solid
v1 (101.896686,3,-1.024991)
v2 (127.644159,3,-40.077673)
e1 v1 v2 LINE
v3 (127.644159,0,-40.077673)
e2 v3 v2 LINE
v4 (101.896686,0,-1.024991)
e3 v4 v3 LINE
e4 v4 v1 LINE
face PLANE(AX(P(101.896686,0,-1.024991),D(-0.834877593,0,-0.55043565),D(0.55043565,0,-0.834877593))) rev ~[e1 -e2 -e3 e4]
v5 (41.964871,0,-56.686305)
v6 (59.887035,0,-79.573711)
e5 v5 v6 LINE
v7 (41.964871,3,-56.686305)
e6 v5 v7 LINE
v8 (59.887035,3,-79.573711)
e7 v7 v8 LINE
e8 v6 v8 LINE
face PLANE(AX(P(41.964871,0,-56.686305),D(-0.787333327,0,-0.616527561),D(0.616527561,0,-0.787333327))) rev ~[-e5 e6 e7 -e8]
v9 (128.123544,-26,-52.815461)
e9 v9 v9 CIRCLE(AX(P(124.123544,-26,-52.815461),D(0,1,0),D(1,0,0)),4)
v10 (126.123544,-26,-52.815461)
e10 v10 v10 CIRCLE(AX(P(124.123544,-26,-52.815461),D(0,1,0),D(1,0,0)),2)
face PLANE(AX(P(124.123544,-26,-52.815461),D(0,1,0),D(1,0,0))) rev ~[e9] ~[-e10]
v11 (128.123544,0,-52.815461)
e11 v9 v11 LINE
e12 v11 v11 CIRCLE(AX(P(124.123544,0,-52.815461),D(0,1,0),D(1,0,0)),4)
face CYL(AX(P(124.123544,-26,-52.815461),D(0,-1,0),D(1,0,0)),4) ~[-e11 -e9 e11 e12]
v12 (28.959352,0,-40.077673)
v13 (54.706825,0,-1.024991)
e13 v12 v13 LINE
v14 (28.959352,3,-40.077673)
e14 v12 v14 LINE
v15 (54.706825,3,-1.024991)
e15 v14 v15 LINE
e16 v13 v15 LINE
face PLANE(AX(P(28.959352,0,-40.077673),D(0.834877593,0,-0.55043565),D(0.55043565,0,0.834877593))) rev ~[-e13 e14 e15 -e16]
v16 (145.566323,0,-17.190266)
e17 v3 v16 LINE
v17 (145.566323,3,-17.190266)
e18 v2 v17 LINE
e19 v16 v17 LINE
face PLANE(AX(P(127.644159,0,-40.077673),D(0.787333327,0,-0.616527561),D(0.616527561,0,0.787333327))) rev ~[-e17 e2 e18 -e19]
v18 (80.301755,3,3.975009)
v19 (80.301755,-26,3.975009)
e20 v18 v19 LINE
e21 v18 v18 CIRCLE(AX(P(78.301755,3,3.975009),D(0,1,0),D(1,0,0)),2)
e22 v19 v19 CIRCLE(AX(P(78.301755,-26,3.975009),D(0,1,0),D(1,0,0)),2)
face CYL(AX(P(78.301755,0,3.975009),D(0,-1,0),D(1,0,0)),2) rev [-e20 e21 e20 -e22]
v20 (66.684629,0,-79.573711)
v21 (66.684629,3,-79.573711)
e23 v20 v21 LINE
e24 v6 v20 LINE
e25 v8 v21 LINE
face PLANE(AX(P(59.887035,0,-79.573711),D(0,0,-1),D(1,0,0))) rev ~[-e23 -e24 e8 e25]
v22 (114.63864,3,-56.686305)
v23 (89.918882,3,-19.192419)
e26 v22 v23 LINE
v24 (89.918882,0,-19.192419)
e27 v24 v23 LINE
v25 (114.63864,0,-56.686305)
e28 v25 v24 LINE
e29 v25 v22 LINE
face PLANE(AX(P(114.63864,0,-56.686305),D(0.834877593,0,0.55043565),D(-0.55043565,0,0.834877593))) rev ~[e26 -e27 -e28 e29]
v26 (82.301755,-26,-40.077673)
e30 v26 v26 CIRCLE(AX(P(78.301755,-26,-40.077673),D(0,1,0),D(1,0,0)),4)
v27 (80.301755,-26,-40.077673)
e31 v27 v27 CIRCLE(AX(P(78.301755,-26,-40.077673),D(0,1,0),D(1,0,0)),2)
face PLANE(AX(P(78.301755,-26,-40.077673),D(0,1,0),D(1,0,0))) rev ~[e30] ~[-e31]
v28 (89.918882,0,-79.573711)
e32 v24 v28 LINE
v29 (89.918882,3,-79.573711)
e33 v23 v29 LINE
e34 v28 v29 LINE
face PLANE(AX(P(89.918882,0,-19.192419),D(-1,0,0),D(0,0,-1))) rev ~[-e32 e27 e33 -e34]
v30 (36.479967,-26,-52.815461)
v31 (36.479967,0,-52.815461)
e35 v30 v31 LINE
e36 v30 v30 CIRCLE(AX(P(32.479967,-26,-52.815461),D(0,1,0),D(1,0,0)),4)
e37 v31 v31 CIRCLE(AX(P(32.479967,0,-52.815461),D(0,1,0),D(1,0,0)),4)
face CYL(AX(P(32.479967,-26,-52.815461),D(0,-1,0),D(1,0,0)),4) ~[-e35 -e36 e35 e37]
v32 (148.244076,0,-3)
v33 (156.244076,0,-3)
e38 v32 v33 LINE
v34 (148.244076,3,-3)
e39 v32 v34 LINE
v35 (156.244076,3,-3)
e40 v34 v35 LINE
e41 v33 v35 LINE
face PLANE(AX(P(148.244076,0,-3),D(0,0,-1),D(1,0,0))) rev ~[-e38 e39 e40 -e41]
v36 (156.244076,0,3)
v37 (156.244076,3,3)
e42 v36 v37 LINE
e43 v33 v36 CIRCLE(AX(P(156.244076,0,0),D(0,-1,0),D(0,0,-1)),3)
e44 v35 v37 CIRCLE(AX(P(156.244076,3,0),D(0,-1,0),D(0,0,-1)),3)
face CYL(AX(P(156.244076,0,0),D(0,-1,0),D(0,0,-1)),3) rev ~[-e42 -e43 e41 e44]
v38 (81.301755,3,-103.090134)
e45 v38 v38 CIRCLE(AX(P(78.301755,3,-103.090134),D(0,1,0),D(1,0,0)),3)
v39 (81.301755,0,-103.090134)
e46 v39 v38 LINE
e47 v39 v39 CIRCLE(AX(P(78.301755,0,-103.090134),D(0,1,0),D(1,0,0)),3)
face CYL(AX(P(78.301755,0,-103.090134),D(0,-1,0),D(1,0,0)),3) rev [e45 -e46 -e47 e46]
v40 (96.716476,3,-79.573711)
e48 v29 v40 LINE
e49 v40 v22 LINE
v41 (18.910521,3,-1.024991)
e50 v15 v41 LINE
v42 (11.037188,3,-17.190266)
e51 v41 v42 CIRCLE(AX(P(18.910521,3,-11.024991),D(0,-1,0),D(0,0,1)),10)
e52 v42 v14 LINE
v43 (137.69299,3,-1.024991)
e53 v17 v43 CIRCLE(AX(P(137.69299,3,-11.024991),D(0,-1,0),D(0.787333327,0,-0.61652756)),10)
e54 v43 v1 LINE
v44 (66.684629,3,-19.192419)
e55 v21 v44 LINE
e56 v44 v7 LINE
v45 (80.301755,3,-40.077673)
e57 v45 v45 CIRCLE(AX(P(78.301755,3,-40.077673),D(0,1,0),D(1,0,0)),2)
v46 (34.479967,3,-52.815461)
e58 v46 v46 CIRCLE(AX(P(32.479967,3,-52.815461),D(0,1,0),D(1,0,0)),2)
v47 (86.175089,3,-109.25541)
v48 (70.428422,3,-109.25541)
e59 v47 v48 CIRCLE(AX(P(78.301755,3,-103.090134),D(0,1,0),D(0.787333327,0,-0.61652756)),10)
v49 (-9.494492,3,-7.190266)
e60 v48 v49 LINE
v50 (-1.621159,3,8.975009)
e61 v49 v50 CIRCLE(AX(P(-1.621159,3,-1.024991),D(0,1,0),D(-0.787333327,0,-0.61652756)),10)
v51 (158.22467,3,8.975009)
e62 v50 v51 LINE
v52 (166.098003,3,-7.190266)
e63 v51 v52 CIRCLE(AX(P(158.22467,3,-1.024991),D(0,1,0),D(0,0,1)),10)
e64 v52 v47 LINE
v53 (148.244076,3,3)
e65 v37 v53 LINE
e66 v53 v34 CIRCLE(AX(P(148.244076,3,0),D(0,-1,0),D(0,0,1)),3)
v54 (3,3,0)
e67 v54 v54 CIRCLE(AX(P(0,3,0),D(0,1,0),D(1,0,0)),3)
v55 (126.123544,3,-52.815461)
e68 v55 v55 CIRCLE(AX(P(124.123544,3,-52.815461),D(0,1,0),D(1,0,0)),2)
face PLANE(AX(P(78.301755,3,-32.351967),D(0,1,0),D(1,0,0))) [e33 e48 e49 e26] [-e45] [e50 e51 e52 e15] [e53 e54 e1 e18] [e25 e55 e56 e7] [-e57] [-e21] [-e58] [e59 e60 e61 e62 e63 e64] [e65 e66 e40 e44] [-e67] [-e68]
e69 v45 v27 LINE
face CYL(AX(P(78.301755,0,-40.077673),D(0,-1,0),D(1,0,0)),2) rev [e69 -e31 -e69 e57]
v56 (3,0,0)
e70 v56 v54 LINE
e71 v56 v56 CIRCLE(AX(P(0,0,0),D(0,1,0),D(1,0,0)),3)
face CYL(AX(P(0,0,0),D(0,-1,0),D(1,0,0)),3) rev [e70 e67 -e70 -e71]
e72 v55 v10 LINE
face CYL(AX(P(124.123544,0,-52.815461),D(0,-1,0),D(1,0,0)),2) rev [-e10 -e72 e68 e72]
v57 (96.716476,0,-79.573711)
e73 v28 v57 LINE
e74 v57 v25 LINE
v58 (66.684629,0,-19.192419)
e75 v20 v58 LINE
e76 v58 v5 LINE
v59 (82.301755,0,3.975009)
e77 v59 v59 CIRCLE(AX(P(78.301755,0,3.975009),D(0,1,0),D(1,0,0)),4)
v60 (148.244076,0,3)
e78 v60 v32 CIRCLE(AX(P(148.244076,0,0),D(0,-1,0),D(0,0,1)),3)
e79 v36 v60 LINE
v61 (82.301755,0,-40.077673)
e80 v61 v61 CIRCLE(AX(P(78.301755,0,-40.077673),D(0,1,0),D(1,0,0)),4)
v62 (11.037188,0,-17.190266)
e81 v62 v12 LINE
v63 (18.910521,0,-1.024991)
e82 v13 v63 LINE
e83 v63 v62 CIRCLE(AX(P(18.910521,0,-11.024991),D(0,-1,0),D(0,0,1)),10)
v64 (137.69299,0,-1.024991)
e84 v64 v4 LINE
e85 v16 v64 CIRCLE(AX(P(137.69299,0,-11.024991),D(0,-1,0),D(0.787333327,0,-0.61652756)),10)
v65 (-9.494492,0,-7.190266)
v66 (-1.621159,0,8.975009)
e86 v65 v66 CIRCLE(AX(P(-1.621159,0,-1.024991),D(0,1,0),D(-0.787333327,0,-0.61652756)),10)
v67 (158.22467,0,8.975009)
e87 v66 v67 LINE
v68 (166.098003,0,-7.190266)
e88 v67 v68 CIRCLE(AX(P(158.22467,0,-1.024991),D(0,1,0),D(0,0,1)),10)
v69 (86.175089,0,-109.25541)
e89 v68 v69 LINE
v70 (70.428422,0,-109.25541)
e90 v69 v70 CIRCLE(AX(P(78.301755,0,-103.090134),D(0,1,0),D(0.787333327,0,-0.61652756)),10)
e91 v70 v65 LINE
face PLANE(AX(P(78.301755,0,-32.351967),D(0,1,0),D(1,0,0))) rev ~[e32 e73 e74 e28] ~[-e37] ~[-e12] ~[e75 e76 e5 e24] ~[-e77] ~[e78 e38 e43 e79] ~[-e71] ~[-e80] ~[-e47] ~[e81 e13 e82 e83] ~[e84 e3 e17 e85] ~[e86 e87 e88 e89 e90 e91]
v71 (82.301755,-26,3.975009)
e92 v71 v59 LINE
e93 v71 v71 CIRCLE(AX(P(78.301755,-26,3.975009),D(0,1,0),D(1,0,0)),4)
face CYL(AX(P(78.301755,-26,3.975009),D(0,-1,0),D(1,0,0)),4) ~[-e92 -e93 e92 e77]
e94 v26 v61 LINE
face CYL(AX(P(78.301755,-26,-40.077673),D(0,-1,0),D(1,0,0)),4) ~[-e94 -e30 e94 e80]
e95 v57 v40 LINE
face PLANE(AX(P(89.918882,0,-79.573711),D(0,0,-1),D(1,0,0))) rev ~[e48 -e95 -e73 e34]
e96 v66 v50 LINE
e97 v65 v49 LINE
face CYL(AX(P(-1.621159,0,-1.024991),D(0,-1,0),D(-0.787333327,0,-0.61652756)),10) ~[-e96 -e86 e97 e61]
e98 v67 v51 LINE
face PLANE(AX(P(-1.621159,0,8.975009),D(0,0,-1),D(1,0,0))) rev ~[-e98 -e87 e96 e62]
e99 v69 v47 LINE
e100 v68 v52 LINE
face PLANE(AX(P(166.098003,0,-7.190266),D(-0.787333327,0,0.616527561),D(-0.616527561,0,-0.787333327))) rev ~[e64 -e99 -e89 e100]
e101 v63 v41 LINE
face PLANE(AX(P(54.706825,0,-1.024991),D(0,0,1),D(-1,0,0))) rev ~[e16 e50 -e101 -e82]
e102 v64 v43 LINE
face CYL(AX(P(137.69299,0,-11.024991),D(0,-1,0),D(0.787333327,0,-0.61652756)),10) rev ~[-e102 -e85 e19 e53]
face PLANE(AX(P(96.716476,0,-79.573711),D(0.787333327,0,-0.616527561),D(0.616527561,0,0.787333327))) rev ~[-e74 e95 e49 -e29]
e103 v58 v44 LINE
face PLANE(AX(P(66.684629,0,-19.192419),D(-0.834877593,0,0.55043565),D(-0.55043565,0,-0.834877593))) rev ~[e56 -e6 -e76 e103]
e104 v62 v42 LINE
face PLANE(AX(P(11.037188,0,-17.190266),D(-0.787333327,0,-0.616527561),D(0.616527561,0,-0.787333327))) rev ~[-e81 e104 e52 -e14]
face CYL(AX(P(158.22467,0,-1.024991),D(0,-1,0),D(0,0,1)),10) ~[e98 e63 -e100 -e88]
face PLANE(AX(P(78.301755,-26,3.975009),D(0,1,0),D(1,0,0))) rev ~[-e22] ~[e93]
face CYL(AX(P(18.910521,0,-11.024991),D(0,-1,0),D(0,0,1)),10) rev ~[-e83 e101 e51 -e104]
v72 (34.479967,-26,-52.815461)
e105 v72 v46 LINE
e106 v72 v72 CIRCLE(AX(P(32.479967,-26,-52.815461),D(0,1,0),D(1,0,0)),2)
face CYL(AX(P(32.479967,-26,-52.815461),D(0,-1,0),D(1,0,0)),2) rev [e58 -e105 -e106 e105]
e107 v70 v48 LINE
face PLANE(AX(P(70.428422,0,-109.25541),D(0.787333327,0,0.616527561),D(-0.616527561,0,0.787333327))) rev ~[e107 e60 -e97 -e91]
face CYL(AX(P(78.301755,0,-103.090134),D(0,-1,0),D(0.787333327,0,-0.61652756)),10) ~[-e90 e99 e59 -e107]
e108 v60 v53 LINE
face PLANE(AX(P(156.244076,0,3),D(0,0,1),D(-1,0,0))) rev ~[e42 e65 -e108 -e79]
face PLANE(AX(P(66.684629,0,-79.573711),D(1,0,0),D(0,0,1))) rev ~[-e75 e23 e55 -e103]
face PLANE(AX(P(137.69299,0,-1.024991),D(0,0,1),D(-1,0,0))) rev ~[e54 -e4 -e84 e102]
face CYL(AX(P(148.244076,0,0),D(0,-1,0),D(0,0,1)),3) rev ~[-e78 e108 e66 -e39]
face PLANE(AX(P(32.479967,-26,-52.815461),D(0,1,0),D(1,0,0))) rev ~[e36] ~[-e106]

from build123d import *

# Parameters (mm, degrees)
SKETCH1_R           = 2
SKETCH1_R_2         = 3
BOSS_EXTRUDE1_DEPTH = 3
BOSS_EXTRUDE2_START = -26
SKETCH1_4_R         = 4
SKETCH1_4_R_2       = 2
BOSS_EXTRUDE2_DEPTH = 26


with BuildPart() as part:
    # Sketch1 → Boss-Extrude1 (new body)
    with BuildSketch(Plane(origin=(0, 0, 0), x_dir=(1, 0, 0), z_dir=(0, 1, 0))):
        with BuildLine():
            ThreePointArc((158.22466969, -8.975009298), (167.21501885, -3.353778756), (166.098002955, 7.190266308))
            Line((166.098002955, 7.190266308), (86.175088728, 109.255409789))
            ThreePointArc((86.175088728, 109.255409789), (78.301755463, 113.090134184), (70.428422197, 109.255409789))
            Line((70.428422197, 109.255409789), (-9.49449203, 7.190266308))
            ThreePointArc((-9.49449203, 7.190266308), (-10.611507924, -3.353778756), (-1.621158764, -8.975009298))
            Line((-1.621158764, -8.975009298), (78.301755463, -8.975009298))
            Line((78.301755463, -8.975009298), (158.22466969, -8.975009298))
        make_face()
        with Locations((78.301755463, 40.077672933)):
            Circle(SKETCH1_R, mode=Mode.SUBTRACT)
        Circle(SKETCH1_R_2, mode=Mode.SUBTRACT)
        with BuildLine():
            ThreePointArc((18.910520844, 1.024990702), (9.920171683, 6.646221244), (11.037187578, 17.190266308))
            Line((11.037187578, 17.190266308), (28.959351543, 40.077672933))
            Line((28.959351543, 40.077672933), (54.70682481, 1.024990702))
            Line((54.70682481, 1.024990702), (18.910520844, 1.024990702))
        make_face(mode=Mode.SUBTRACT)
        Polygon((59.887035288, 79.573711202), (66.6846286, 79.573711202), (66.6846286, 19.192418643), (41.964871323, 56.686304577), align=None, mode=Mode.SUBTRACT)
        with BuildLine():
            Line((156.244075902, -3), (148.244075902, -3))
            ThreePointArc((148.244075902, -3), (145.244075902, 0), (148.244075902, 3))
            Line((148.244075902, 3), (156.244075902, 3))
            ThreePointArc((156.244075902, 3), (159.244075902, 0), (156.244075902, -3))
        make_face(mode=Mode.SUBTRACT)
        with BuildLine():
            Line((137.692990082, 1.024990702), (101.896686116, 1.024990702))
            Line((101.896686116, 1.024990702), (127.644159383, 40.077672933))
            Line((127.644159383, 40.077672933), (145.566323348, 17.190266308))
            ThreePointArc((145.566323348, 17.190266308), (146.683339242, 6.646221244), (137.692990082, 1.024990702))
        make_face(mode=Mode.SUBTRACT)
        Polygon((114.638639603, 56.686304577), (89.918882326, 19.192418643), (89.918882326, 79.573711202), (96.716475638, 79.573711202), align=None, mode=Mode.SUBTRACT)
        with Locations((78.301755463, 103.090134184)):
            Circle(SKETCH1_R_2, mode=Mode.SUBTRACT)
        with Locations((78.301755463, -3.975009298)):
            Circle(SKETCH1_R, mode=Mode.SUBTRACT)
        with Locations((32.47996742, 52.815460811)):
            Circle(SKETCH1_R, mode=Mode.SUBTRACT)
        with Locations((124.123543506, 52.815460811)):
            Circle(SKETCH1_R, mode=Mode.SUBTRACT)
    extrude(amount=BOSS_EXTRUDE1_DEPTH)

    # Sketch1<4> → Boss-Extrude2 (add)
    # profile 1 of 4: a face of its own
    with BuildSketch(Plane(origin=(0, 0, 0), x_dir=(1, 0, 0), z_dir=(0, 1, 0)).offset(BOSS_EXTRUDE2_START)):
        with Locations((32.47996742, 52.815460811)):
            Circle(SKETCH1_4_R)
        with Locations((32.47996742, 52.815460811)):
            Circle(SKETCH1_4_R_2, mode=Mode.SUBTRACT)
    # profile 2 of 4: a face of its own
    with BuildSketch(Plane(origin=(0, 0, 0), x_dir=(1, 0, 0), z_dir=(0, 1, 0)).offset(BOSS_EXTRUDE2_START)):
        with Locations((124.123543506, 52.815460811)):
            Circle(SKETCH1_4_R)
        with Locations((124.123543506, 52.815460811)):
            Circle(SKETCH1_4_R_2, mode=Mode.SUBTRACT)
    # profile 3 of 4: a face of its own
    with BuildSketch(Plane(origin=(0, 0, 0), x_dir=(1, 0, 0), z_dir=(0, 1, 0)).offset(BOSS_EXTRUDE2_START)):
        with Locations((78.301755463, 40.077672933)):
            Circle(SKETCH1_4_R)
        with Locations((78.301755463, 40.077672933)):
            Circle(SKETCH1_4_R_2, mode=Mode.SUBTRACT)
    # profile 4 of 4: a face of its own
    with BuildSketch(Plane(origin=(0, 0, 0), x_dir=(1, 0, 0), z_dir=(0, 1, 0)).offset(BOSS_EXTRUDE2_START)):
        with Locations((78.301755463, -3.975009298)):
            Circle(SKETCH1_4_R)
        with Locations((78.301755463, -3.975009298)):
            Circle(SKETCH1_4_R_2, mode=Mode.SUBTRACT)
    extrude(amount=BOSS_EXTRUDE2_DEPTH)


solid = part.part
